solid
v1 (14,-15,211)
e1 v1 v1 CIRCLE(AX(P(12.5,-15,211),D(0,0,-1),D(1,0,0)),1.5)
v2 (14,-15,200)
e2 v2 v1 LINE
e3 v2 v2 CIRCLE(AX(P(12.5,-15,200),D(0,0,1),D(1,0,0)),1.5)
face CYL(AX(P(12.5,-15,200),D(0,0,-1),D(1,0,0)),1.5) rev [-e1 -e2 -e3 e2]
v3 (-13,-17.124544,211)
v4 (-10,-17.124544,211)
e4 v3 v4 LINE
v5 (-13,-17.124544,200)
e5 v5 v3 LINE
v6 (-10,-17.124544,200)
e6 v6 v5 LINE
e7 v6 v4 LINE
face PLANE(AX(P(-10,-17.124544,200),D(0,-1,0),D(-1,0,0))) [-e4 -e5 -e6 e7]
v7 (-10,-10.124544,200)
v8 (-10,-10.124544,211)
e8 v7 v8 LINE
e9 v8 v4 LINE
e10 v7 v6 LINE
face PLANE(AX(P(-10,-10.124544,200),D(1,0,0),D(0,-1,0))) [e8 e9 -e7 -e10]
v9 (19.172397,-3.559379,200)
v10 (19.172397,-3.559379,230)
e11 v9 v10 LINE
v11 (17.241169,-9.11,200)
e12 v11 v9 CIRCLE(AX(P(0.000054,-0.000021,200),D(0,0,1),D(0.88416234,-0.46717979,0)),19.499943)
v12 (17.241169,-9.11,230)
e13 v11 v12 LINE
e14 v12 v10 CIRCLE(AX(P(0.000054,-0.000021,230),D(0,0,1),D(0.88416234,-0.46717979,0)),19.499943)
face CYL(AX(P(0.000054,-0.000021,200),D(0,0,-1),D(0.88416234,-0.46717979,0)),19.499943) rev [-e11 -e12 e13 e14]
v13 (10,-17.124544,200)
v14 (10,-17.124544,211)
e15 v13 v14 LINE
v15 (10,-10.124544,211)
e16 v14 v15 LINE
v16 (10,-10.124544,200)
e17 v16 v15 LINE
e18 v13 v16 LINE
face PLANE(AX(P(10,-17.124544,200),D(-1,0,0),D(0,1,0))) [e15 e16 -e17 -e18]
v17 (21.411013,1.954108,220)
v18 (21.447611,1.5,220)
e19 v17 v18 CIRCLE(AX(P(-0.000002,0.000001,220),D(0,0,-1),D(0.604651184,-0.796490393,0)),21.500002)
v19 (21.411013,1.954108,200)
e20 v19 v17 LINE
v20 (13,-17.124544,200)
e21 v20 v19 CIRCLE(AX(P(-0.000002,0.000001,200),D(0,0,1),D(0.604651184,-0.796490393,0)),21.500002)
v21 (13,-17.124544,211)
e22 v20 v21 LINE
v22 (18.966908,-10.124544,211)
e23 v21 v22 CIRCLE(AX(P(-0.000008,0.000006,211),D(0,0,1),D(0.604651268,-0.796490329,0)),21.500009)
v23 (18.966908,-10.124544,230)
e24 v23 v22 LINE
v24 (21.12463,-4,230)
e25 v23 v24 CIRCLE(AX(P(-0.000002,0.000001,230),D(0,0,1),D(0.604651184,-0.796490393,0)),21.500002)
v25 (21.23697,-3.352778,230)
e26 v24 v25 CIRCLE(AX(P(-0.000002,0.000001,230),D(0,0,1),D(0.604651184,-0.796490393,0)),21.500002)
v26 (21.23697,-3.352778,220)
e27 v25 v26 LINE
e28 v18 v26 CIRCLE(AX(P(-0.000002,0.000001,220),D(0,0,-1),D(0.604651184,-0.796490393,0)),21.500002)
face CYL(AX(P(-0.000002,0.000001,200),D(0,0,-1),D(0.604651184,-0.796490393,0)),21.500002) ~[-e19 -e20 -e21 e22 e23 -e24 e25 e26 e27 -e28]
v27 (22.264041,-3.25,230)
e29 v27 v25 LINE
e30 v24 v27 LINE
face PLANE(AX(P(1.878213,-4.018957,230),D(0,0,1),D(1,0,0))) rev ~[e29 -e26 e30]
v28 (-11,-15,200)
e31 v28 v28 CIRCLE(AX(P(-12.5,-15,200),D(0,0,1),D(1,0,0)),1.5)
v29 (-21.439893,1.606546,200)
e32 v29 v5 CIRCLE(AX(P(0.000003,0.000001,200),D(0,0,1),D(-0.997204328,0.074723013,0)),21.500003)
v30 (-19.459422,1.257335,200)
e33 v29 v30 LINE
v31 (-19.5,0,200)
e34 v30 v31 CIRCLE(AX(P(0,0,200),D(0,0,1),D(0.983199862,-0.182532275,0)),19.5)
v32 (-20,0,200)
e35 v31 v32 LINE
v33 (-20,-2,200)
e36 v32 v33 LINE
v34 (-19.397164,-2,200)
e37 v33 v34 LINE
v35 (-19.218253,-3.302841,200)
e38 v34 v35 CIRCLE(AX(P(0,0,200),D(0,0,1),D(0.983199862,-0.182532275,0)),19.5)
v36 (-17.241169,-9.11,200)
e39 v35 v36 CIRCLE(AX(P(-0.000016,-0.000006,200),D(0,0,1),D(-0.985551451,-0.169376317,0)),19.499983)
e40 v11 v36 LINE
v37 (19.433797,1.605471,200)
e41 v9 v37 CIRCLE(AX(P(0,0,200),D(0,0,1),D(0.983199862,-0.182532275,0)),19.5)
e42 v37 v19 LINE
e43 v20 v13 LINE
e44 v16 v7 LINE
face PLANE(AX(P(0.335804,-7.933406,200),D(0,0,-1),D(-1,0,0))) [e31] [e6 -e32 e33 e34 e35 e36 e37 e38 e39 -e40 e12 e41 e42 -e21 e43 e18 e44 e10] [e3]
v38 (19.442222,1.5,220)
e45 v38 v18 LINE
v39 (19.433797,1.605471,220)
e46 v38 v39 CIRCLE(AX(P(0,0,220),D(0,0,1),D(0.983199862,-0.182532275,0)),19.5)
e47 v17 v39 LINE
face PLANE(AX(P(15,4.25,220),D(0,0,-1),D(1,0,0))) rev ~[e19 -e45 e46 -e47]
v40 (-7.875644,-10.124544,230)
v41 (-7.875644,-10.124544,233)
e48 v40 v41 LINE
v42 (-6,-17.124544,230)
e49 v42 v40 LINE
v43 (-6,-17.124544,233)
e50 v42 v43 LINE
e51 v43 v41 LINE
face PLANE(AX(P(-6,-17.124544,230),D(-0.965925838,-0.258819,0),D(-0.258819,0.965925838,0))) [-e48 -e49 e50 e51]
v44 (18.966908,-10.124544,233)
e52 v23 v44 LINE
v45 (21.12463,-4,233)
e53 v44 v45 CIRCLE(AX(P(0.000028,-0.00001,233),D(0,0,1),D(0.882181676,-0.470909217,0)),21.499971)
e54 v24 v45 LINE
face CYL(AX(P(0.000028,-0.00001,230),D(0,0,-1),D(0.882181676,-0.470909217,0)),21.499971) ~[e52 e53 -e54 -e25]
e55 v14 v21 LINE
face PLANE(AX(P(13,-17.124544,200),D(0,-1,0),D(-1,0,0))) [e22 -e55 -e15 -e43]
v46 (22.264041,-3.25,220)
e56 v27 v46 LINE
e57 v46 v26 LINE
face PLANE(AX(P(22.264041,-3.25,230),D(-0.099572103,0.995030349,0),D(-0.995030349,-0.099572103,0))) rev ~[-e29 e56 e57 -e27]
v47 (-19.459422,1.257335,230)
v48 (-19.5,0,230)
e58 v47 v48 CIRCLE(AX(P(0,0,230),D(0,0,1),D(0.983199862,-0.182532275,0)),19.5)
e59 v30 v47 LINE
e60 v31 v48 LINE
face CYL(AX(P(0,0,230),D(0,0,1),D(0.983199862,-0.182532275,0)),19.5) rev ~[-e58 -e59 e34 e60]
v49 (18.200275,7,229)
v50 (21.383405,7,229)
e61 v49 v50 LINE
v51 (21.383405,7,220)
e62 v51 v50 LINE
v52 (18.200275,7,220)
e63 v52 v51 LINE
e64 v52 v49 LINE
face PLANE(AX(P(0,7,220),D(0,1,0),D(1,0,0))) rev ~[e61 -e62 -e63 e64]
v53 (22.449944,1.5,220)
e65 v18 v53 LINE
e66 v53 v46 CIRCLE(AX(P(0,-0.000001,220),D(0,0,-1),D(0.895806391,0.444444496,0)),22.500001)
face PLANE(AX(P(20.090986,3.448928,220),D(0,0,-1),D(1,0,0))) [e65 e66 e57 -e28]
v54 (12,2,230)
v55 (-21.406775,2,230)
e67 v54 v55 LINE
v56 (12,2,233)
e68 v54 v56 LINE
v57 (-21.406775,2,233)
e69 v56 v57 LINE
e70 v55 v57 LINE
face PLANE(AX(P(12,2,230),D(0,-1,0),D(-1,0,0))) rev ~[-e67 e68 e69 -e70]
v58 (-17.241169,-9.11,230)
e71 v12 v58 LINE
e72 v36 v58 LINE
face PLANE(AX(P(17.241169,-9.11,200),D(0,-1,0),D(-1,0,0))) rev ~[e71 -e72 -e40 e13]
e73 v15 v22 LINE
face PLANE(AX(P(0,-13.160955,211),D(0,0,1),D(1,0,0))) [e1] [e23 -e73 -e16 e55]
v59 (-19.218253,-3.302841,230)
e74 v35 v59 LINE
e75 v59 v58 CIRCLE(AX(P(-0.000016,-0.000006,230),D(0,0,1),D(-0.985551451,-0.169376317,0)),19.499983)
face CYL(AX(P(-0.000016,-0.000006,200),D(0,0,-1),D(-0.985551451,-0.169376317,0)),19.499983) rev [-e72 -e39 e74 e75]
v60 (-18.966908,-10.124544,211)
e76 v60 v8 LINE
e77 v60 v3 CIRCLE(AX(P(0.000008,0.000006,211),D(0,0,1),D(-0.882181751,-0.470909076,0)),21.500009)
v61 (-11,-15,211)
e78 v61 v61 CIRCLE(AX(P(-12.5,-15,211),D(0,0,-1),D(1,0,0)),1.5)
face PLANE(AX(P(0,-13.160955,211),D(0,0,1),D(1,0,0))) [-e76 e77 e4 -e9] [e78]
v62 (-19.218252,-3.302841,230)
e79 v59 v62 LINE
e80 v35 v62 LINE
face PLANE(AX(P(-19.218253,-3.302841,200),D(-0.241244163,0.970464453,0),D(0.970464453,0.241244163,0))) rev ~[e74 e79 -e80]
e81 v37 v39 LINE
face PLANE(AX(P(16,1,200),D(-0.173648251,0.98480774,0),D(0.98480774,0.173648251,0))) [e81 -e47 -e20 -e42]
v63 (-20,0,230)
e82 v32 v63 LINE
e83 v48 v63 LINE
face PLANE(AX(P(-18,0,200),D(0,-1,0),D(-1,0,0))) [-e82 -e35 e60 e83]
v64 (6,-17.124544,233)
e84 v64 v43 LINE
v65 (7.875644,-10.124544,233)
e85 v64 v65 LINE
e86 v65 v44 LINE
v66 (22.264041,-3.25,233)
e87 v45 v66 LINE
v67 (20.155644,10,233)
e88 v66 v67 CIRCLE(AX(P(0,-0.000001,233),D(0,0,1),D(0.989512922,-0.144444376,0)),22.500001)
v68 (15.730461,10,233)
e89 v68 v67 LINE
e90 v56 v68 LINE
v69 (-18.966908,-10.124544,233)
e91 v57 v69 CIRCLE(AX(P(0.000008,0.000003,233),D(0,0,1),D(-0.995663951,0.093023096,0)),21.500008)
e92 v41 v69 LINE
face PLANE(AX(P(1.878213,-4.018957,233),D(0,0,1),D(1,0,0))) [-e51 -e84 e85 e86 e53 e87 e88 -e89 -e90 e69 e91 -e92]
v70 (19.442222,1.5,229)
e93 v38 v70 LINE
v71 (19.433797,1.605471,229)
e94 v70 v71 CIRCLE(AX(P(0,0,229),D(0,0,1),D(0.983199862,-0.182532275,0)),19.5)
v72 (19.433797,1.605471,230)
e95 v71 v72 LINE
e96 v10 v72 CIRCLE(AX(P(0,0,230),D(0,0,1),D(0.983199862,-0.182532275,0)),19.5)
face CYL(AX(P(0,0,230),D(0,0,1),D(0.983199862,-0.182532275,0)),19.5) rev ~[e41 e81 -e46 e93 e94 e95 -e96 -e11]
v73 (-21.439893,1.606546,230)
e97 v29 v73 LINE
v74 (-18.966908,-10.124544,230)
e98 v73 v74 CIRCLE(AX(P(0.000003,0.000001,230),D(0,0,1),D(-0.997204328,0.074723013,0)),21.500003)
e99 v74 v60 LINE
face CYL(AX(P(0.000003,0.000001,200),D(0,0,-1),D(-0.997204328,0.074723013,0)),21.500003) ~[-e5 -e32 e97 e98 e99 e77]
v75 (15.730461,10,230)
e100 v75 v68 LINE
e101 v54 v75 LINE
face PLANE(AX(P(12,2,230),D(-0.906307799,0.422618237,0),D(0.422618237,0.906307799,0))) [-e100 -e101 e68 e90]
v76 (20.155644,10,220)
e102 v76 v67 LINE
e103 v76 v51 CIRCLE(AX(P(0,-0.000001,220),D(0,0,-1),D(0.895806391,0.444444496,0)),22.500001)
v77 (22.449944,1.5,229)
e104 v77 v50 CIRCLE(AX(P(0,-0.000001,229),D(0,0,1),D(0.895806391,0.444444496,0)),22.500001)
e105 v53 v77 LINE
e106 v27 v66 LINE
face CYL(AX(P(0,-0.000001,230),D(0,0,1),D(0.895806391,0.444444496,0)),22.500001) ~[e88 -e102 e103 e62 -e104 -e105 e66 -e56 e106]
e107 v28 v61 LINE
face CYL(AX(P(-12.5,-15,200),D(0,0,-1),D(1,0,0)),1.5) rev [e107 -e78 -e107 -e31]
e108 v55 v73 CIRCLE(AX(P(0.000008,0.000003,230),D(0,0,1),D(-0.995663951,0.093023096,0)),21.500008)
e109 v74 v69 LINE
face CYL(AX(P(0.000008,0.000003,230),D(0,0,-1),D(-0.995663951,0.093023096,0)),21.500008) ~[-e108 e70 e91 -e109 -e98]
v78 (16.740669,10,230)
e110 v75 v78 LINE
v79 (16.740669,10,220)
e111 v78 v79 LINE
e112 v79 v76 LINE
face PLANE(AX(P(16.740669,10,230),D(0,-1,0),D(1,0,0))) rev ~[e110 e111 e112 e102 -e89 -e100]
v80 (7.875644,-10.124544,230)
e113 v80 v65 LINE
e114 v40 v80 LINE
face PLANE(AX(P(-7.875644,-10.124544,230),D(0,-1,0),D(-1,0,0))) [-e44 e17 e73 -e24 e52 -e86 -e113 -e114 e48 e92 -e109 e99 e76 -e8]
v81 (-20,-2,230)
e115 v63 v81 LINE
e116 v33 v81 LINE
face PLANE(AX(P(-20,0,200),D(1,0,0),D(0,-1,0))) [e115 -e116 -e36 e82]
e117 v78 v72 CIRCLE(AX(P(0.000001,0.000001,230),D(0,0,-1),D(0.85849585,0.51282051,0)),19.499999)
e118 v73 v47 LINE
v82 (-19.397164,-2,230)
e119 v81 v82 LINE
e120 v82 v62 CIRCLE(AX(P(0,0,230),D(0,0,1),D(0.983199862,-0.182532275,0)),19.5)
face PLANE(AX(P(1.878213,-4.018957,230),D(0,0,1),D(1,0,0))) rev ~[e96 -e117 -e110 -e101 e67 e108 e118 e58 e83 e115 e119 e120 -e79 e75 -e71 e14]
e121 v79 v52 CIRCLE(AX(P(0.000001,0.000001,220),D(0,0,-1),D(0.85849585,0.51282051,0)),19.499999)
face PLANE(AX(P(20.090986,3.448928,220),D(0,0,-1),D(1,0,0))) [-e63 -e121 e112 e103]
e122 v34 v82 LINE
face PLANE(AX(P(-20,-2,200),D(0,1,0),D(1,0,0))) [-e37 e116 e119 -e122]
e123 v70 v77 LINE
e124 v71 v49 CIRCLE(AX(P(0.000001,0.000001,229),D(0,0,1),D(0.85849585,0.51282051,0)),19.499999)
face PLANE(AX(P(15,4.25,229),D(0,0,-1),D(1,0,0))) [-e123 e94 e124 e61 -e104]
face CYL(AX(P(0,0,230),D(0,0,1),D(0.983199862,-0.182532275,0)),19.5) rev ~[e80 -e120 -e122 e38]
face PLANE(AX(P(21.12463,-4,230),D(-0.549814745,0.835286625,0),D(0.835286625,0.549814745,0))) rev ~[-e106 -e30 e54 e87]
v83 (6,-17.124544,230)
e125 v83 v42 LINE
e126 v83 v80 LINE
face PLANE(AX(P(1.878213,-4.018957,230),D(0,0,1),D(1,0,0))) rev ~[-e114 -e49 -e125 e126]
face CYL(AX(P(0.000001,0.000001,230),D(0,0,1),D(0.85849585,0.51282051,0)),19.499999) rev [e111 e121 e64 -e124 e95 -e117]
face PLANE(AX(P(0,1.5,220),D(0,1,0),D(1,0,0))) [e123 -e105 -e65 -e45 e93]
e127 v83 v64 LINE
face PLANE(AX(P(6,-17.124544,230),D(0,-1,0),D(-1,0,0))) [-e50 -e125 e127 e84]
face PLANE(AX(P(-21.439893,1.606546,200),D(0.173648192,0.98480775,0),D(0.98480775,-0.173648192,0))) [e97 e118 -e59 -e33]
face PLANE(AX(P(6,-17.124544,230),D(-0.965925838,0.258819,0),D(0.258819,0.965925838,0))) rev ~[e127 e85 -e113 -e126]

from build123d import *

# Parameters (mm, degrees)
SKETCH046_R     = 1.5
PAD026_DEPTH    = 30
POCKET016_DEPTH = 19
POCKET017_DEPTH = 50
PAD027_DEPTH    = 3
PAD028_DEPTH    = 10
SKETCH054_W     = 30
SKETCH054_H     = 5.5
POCKET020_DEPTH = 9


with BuildPart() as part:
    # Sketch046 → Pad026 (new body)
    with BuildSketch(Plane.XY):
        with BuildLine():
            Line((-21.439893, 1.606546), (-18, 1))
            Line((-18, 1), (-18, 0))
            Line((-18, 0), (-20, 0))
            Line((-20, 0), (-20, -2))
            Line((-20, -2), (-18, -2))
            Line((-18, -2), (-18, -3))
            Line((-19.218253, -3.302841), (-18, -3))
            ThreePointArc((-19.218253, -3.302841), (-18.4595, -6.284654), (-17.241169, -9.11))
            Line((17.241169, -9.11), (-17.241169, -9.11))
            ThreePointArc((17.241169, -9.11), (18.417093, -6.407863), (19.172397, -3.559379))
            Line((19.172397, -3.559379), (16, -3))
            Line((16, -3), (16, -2))
            Line((16, -2), (18, -2))
            Line((18, -2), (18, 0))
            Line((18, 0), (16, 0))
            Line((16, 0), (16, 1))
            Line((16, 1), (21.411013, 1.954108))
            ThreePointArc((13, -17.124544), (19.673032, -8.673051), (21.411013, 1.954108))
            Line((13, -17.124544), (10, -17.124544))
            Line((10, -17.124544), (10, -10.124544))
            Line((10, -10.124544), (-10, -10.124544))
            Line((-10, -10.124544), (-10, -17.124544))
            Line((-10, -17.124544), (-13, -17.124544))
            ThreePointArc((-21.439893, 1.606546), (-19.60204, -8.832328), (-13, -17.124544))
        make_face()
        with Locations((-12.5, -15)):
            Circle(SKETCH046_R, mode=Mode.SUBTRACT)
        with Locations((12.5, -15)):
            Circle(SKETCH046_R, mode=Mode.SUBTRACT)
    extrude(amount=PAD026_DEPTH)

    # Sketch047 (on Face28 of Pad026) → Pocket016 (cut)
    with BuildSketch(Plane.XY.offset(30)):
        with BuildLine():
            ThreePointArc((-18.966908, -10.124544), (-16.362176, -13.947372), (-13, -17.124544))
            Line((-13, -17.124544), (13, -17.124544))
            ThreePointArc((13, -17.124544), (16.362176, -13.947372), (18.966908, -10.124544))
            Line((-18.966908, -10.124544), (18.966908, -10.124544))
        make_face()
    extrude(amount=-POCKET016_DEPTH, mode=Mode.SUBTRACT)

    # Sketch049 (on Face5 of Pocket016) → Pocket017 (cut)
    with BuildSketch(Plane.XY.offset(30)):
        with BuildLine():
            ThreePointArc((19.172397, -3.559379), (0, 19.5), (-19.172397, -3.559379))
            Line((19.172397, -3.559379), (-19.172397, -3.559379))
        make_face()
    extrude(amount=-POCKET017_DEPTH, mode=Mode.SUBTRACT)

    # Sketch048 (on Face5 of Pocket016) → Pad027 (join)
    with BuildSketch(Plane.XY.offset(30)):
        with BuildLine():
            ThreePointArc((-21.406775, 2), (-21.077469, -4.241496), (-18.966908, -10.124544))
            Line((-7.875644, -10.124544), (-18.966908, -10.124544))
            Line((-6, -17.124544), (-7.875644, -10.124544))
            Line((6, -17.124544), (-6, -17.124544))
            Line((6, -17.124544), (7.875644, -10.124544))
            Line((7.875644, -10.124544), (18.966908, -10.124544))
            ThreePointArc((18.966908, -10.124544), (20.278323, -7.144202), (21.12463, -4))
            Line((21.12463, -4), (22.264041, -3.25))
            ThreePointArc((22.264041, -3.25), (22.220442, 3.535811), (20.155644, 10))
            Line((15.730461, 10), (20.155644, 10))
            Line((12, 2), (15.730461, 10))
            Line((12, 2), (-21.406775, 2))
        make_face()
    extrude(amount=PAD027_DEPTH)

    # Sketch053 (on Face4 of Pad027) → Pad028 (join)
    with BuildSketch(Plane(origin=(0, 0, 30), x_dir=(1, 0, 0), z_dir=(0, 0, -1))):
        with BuildLine():
            ThreePointArc((20.155644, -10), (22.220442, -3.535811), (22.264041, 3.25))
            Line((22.264041, 3.25), (19.172397, 3.559379))
            ThreePointArc((16.740669, -10), (19.193782, -3.442198), (19.172397, 3.559379))
            Line((16.740669, -10), (20.155644, -10))
        make_face()
    extrude(amount=PAD028_DEPTH)

    # Sketch054 (on Face32 of Pad028) → Pocket020 (cut)
    with BuildSketch(Plane(origin=(0, 0, 20), x_dir=(1, 0, 0), z_dir=(0, 0, -1))):
        with Locations((15, -4.25)):
            Rectangle(SKETCH054_W, SKETCH054_H)
    extrude(amount=-POCKET020_DEPTH, mode=Mode.SUBTRACT)


with BuildPart() as part_1:
    # Body018 placement: moved
    add(part.part.moved(Location((0, 0, 200))))


solid = part_1.part
